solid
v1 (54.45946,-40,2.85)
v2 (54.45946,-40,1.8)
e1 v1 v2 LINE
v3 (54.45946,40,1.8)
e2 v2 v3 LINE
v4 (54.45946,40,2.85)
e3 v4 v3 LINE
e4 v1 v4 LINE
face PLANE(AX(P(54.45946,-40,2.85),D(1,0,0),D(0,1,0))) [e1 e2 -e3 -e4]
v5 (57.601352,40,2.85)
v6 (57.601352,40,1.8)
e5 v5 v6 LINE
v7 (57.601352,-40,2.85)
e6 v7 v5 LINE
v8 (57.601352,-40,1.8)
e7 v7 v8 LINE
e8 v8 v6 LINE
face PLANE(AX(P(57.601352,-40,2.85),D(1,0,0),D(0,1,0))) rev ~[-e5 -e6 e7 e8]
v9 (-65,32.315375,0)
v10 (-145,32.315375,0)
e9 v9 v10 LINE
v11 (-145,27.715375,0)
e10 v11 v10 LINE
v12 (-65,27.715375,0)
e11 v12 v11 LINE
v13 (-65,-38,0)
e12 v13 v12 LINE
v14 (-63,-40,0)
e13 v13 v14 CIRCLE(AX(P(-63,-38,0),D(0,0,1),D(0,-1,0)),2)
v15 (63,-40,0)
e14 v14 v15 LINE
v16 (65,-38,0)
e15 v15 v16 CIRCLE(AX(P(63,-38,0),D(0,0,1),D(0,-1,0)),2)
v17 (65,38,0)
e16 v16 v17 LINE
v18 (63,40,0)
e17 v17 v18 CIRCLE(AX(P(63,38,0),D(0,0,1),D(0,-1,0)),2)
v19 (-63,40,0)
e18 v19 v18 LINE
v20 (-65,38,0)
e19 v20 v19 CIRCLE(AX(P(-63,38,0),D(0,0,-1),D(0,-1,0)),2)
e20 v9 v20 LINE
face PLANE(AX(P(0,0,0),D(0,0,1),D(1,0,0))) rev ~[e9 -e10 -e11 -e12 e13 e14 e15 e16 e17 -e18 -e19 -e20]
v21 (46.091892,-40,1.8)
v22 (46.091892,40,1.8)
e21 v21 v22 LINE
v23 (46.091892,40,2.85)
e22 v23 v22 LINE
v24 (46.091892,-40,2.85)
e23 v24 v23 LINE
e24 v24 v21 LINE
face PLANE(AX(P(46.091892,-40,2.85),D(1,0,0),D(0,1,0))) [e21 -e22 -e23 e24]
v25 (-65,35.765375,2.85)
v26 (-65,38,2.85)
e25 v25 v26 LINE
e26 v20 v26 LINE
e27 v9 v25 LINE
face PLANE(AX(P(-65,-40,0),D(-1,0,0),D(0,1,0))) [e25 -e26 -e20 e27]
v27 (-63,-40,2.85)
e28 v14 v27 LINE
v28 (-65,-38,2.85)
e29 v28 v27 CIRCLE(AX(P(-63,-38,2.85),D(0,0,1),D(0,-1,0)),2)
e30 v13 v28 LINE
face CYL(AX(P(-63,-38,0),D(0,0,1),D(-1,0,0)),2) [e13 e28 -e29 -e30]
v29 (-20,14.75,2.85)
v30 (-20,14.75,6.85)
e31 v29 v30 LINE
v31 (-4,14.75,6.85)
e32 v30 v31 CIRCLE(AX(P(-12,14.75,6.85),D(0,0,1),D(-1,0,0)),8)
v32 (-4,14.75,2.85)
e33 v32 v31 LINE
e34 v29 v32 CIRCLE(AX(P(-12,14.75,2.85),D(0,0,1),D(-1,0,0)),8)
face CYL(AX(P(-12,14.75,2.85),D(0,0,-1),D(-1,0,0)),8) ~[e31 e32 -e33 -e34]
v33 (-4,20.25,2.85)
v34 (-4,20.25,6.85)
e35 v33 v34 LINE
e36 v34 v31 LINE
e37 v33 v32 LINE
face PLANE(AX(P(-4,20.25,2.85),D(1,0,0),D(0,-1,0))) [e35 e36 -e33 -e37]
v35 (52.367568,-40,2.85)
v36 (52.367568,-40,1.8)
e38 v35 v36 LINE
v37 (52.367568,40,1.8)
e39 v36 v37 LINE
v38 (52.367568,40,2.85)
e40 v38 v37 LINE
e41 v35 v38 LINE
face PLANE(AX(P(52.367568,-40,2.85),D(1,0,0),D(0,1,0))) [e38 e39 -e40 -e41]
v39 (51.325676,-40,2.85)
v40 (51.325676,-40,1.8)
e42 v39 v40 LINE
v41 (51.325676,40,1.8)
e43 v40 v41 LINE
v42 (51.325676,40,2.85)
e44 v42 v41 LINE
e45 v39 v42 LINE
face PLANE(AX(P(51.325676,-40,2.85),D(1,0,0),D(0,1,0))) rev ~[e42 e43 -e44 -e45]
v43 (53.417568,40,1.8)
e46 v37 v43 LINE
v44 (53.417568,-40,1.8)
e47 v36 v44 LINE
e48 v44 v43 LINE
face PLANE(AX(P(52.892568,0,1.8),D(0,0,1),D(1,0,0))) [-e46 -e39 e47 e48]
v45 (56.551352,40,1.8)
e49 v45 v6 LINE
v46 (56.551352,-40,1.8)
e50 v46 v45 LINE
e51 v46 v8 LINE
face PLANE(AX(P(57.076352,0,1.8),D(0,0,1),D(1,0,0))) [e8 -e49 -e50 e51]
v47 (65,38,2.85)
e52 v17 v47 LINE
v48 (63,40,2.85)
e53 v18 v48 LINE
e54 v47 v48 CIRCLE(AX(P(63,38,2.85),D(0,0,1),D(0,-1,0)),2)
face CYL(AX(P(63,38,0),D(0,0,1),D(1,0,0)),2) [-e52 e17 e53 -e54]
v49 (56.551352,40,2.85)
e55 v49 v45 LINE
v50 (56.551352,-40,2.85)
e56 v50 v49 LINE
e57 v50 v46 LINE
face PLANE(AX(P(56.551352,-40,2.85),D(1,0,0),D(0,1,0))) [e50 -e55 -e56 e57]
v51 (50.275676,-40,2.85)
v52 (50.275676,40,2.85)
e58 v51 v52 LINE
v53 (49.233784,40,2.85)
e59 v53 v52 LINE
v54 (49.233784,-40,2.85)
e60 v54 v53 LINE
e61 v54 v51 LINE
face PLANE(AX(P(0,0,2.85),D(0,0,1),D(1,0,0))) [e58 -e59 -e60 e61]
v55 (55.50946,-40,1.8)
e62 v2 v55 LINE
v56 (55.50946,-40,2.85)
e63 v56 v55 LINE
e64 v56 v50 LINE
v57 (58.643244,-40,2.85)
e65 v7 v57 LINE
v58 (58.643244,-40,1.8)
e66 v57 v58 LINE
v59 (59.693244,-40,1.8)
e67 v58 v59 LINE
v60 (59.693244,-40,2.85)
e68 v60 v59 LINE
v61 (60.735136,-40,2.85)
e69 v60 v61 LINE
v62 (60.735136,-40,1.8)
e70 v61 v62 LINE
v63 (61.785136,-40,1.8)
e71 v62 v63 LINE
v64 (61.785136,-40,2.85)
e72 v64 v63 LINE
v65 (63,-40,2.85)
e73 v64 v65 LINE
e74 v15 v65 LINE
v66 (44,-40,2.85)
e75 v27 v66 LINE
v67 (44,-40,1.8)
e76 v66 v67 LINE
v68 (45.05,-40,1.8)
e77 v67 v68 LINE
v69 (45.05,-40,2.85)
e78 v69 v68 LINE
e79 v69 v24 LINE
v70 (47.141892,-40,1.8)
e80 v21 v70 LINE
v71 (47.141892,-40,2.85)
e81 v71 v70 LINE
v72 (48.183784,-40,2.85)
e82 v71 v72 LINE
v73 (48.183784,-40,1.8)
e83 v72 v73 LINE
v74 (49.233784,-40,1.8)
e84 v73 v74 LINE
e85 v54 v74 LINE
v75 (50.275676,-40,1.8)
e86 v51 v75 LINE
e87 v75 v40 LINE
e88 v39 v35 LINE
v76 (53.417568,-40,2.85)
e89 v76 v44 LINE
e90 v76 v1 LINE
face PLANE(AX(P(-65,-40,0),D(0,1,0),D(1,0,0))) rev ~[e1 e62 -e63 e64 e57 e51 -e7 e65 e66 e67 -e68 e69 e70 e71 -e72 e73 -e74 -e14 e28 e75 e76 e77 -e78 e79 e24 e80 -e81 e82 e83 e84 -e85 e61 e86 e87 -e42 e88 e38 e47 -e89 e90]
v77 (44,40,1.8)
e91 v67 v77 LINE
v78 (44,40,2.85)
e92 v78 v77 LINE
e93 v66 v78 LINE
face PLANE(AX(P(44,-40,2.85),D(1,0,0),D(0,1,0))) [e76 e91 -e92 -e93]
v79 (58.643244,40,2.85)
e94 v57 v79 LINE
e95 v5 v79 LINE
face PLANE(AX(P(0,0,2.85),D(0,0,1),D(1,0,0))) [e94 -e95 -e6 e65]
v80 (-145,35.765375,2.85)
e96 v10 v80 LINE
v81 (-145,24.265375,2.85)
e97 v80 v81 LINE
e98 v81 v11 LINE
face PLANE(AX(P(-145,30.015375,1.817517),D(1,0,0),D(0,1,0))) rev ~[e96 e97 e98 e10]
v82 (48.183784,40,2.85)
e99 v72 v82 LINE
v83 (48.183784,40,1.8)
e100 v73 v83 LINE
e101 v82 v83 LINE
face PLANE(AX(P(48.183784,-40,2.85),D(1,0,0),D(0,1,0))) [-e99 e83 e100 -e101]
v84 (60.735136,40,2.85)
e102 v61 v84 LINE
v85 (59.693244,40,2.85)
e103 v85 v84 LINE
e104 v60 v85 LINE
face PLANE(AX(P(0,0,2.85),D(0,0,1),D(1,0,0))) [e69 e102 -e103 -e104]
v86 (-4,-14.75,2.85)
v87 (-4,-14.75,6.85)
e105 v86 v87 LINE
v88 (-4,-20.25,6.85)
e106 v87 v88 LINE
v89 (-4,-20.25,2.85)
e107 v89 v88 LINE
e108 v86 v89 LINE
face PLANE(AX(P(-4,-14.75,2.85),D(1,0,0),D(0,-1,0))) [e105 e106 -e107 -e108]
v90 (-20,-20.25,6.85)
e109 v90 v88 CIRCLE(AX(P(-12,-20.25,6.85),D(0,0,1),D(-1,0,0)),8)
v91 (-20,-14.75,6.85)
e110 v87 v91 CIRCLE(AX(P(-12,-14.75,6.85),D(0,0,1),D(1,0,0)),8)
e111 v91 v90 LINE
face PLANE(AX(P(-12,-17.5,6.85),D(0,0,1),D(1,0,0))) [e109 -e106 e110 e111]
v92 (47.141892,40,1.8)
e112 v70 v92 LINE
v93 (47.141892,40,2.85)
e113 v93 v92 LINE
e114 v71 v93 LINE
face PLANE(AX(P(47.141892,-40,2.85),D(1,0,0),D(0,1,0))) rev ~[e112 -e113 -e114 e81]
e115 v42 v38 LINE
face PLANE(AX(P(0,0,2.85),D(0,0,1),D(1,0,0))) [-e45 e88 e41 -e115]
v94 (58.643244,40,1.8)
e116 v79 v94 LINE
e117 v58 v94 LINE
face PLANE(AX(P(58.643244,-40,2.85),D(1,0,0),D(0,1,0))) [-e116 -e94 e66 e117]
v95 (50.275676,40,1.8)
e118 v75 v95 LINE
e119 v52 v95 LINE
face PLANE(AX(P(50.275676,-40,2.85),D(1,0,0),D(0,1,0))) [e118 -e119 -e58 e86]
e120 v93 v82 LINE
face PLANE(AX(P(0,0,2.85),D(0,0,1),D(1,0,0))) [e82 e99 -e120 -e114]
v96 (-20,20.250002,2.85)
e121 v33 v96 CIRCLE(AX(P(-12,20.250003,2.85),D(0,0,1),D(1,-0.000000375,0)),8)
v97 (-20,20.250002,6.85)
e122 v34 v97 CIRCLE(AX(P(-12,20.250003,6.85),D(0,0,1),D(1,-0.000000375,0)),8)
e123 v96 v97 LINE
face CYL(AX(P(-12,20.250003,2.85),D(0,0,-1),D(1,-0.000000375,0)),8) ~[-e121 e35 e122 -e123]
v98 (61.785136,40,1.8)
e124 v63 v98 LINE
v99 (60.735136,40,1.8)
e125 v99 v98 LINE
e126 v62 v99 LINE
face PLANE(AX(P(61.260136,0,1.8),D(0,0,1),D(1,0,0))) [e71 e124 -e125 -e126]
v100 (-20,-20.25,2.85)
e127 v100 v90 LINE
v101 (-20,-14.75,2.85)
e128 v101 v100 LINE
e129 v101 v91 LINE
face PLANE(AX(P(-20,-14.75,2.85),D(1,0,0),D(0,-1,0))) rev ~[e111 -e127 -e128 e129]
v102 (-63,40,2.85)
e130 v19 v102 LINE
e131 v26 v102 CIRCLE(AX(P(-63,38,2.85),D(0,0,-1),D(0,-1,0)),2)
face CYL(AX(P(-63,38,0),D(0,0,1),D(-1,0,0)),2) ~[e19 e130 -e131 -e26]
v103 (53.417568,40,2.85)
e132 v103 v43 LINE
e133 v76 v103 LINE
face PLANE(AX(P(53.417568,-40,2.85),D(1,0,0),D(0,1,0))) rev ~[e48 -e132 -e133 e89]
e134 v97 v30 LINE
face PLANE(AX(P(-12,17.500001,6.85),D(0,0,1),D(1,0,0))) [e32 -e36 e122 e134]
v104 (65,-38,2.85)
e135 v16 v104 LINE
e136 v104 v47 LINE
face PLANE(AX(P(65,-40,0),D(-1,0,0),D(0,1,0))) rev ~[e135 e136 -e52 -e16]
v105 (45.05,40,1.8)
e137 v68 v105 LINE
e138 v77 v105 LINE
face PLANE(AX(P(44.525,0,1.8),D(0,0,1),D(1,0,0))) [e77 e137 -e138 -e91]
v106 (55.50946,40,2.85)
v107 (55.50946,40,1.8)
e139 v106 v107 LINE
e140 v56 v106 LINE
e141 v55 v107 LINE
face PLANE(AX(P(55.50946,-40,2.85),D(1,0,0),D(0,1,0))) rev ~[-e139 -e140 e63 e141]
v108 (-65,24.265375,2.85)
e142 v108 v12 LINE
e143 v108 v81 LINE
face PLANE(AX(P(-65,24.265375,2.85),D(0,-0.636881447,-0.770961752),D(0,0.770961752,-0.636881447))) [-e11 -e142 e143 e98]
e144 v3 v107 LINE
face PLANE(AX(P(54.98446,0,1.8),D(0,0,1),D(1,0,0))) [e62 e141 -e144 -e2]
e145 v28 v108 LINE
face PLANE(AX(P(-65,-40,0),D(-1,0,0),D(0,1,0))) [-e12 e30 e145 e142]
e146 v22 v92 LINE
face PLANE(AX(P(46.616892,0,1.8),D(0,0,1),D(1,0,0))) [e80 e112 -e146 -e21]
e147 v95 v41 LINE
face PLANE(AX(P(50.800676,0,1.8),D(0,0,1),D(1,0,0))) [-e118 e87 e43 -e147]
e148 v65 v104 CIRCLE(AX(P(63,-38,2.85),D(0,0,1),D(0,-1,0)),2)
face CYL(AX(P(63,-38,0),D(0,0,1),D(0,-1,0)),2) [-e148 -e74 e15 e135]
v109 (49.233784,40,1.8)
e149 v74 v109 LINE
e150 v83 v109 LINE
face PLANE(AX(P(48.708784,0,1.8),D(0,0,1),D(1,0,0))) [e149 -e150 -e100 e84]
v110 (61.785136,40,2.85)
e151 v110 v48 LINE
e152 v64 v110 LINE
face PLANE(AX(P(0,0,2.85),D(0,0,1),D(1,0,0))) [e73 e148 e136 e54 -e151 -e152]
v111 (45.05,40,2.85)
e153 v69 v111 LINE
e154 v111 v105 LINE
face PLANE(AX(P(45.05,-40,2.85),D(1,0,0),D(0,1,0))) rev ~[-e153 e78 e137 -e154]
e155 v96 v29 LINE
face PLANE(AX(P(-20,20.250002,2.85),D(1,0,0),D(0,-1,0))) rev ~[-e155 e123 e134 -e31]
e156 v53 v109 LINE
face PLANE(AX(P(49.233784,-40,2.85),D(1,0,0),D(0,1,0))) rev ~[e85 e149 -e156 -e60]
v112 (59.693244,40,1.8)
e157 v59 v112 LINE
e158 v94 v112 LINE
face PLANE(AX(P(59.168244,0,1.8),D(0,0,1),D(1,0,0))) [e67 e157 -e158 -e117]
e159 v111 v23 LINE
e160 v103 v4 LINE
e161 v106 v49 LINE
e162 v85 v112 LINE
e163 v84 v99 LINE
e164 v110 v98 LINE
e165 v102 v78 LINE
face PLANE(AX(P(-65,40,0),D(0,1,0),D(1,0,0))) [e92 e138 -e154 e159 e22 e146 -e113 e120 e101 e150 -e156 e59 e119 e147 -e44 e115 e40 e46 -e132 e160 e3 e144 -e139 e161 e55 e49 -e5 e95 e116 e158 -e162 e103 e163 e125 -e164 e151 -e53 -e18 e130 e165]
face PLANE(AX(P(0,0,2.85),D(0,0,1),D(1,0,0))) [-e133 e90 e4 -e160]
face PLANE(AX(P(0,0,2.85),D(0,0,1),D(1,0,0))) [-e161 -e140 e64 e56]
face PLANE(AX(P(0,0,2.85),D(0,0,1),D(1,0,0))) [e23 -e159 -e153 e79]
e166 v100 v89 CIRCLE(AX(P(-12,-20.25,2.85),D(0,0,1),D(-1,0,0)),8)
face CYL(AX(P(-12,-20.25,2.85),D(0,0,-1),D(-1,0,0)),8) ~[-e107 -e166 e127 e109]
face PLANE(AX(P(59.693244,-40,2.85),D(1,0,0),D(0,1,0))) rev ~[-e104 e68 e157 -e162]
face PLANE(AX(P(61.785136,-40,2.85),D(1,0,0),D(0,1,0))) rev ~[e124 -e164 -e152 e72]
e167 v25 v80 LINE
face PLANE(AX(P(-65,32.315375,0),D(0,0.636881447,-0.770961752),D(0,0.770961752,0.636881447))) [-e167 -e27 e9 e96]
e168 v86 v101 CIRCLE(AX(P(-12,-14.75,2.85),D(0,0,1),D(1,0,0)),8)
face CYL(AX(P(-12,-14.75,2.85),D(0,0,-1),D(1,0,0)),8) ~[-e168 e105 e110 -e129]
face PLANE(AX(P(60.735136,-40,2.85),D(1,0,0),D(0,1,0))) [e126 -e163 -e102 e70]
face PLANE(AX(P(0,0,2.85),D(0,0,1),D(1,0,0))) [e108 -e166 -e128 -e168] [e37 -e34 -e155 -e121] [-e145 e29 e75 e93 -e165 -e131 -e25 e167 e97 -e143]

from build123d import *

# Parameters (mm, degrees)
SKETCH_W     = 130
SKETCH_H     = 80
PAD_DEPTH    = 2.85
PAD001_DEPTH = 4
PAD002_DEPTH = 80
FILLET_R     = 2
SKETCH003_W  = 1.05
SKETCH003_H  = 80
POCKET_DEPTH = 1.05


with BuildPart() as part:
    # Sketch → Pad (new body)
    with BuildSketch(Plane.XY):
        Rectangle(SKETCH_W, SKETCH_H)
    extrude(amount=PAD_DEPTH)

    # Sketch001 (on Face6 of Pad) → Pad001 (join)
    with BuildSketch(Plane.XY.offset(2.85)):
        with BuildLine():
            ThreePointArc((-20, 14.75), (-12, 6.75), (-4, 14.75))
            Line((-4, 20.25), (-4, 14.75))
            ThreePointArc((-4, 20.25), (-11.999999, 28.250003), (-20, 20.250002))
            Line((-20, 20.250002), (-20, 14.75))
        make_face()
        with BuildLine():
            ThreePointArc((-20, -20.25), (-12, -28.25), (-4, -20.25))
            Line((-4, -14.75), (-4, -20.25))
            ThreePointArc((-4, -14.75), (-12, -6.75), (-20, -14.75))
            Line((-20, -14.75), (-20, -20.25))
        make_face()
    extrude(amount=PAD001_DEPTH)

    # Sketch002 (on Face2 of Pad001) → Pad002 (join)
    with BuildSketch(Plane(origin=(-65, 0, 0), x_dir=(0, -1, 0), z_dir=(-1, 0, 0))):
        Polygon((-35.765375, 2.85), (-24.265375, 2.85), (-27.715375, 0), (-32.315375, 0), align=None)
    extrude(amount=PAD002_DEPTH)

    # Fillet
    fillet_edges = [part.edges().sort_by_distance(p)[0] for p in [
        (-65, -40, 1.425),
        (65, -40, 1.425),
        (65, 40, 1.425),
        (-65, 40, 1.425),
    ]]
    fillet(fillet_edges, radius=FILLET_R)

    # Sketch003 (on Face5 of Fillet) → Pocket (cut)
    with BuildSketch(Plane.XY.offset(2.85)):
        with Locations((44.525, 0)):
            Rectangle(SKETCH003_W, SKETCH003_H)
        with Locations((46.616892, 0)):
            Rectangle(SKETCH003_W, SKETCH003_H)
        with Locations((48.708784, 0)):
            Rectangle(SKETCH003_W, SKETCH003_H)
        with Locations((50.800676, 0)):
            Rectangle(SKETCH003_W, SKETCH003_H)
        with Locations((52.892568, 0)):
            Rectangle(SKETCH003_W, SKETCH003_H)
        with Locations((54.98446, 0)):
            Rectangle(SKETCH003_W, SKETCH003_H)
        with Locations((57.076352, 0)):
            Rectangle(SKETCH003_W, SKETCH003_H)
        with Locations((59.168244, 0)):
            Rectangle(SKETCH003_W, SKETCH003_H)
        with Locations((61.260136, 0)):
            Rectangle(SKETCH003_W, SKETCH003_H)
    extrude(amount=-POCKET_DEPTH, mode=Mode.SUBTRACT)


solid = part.part
